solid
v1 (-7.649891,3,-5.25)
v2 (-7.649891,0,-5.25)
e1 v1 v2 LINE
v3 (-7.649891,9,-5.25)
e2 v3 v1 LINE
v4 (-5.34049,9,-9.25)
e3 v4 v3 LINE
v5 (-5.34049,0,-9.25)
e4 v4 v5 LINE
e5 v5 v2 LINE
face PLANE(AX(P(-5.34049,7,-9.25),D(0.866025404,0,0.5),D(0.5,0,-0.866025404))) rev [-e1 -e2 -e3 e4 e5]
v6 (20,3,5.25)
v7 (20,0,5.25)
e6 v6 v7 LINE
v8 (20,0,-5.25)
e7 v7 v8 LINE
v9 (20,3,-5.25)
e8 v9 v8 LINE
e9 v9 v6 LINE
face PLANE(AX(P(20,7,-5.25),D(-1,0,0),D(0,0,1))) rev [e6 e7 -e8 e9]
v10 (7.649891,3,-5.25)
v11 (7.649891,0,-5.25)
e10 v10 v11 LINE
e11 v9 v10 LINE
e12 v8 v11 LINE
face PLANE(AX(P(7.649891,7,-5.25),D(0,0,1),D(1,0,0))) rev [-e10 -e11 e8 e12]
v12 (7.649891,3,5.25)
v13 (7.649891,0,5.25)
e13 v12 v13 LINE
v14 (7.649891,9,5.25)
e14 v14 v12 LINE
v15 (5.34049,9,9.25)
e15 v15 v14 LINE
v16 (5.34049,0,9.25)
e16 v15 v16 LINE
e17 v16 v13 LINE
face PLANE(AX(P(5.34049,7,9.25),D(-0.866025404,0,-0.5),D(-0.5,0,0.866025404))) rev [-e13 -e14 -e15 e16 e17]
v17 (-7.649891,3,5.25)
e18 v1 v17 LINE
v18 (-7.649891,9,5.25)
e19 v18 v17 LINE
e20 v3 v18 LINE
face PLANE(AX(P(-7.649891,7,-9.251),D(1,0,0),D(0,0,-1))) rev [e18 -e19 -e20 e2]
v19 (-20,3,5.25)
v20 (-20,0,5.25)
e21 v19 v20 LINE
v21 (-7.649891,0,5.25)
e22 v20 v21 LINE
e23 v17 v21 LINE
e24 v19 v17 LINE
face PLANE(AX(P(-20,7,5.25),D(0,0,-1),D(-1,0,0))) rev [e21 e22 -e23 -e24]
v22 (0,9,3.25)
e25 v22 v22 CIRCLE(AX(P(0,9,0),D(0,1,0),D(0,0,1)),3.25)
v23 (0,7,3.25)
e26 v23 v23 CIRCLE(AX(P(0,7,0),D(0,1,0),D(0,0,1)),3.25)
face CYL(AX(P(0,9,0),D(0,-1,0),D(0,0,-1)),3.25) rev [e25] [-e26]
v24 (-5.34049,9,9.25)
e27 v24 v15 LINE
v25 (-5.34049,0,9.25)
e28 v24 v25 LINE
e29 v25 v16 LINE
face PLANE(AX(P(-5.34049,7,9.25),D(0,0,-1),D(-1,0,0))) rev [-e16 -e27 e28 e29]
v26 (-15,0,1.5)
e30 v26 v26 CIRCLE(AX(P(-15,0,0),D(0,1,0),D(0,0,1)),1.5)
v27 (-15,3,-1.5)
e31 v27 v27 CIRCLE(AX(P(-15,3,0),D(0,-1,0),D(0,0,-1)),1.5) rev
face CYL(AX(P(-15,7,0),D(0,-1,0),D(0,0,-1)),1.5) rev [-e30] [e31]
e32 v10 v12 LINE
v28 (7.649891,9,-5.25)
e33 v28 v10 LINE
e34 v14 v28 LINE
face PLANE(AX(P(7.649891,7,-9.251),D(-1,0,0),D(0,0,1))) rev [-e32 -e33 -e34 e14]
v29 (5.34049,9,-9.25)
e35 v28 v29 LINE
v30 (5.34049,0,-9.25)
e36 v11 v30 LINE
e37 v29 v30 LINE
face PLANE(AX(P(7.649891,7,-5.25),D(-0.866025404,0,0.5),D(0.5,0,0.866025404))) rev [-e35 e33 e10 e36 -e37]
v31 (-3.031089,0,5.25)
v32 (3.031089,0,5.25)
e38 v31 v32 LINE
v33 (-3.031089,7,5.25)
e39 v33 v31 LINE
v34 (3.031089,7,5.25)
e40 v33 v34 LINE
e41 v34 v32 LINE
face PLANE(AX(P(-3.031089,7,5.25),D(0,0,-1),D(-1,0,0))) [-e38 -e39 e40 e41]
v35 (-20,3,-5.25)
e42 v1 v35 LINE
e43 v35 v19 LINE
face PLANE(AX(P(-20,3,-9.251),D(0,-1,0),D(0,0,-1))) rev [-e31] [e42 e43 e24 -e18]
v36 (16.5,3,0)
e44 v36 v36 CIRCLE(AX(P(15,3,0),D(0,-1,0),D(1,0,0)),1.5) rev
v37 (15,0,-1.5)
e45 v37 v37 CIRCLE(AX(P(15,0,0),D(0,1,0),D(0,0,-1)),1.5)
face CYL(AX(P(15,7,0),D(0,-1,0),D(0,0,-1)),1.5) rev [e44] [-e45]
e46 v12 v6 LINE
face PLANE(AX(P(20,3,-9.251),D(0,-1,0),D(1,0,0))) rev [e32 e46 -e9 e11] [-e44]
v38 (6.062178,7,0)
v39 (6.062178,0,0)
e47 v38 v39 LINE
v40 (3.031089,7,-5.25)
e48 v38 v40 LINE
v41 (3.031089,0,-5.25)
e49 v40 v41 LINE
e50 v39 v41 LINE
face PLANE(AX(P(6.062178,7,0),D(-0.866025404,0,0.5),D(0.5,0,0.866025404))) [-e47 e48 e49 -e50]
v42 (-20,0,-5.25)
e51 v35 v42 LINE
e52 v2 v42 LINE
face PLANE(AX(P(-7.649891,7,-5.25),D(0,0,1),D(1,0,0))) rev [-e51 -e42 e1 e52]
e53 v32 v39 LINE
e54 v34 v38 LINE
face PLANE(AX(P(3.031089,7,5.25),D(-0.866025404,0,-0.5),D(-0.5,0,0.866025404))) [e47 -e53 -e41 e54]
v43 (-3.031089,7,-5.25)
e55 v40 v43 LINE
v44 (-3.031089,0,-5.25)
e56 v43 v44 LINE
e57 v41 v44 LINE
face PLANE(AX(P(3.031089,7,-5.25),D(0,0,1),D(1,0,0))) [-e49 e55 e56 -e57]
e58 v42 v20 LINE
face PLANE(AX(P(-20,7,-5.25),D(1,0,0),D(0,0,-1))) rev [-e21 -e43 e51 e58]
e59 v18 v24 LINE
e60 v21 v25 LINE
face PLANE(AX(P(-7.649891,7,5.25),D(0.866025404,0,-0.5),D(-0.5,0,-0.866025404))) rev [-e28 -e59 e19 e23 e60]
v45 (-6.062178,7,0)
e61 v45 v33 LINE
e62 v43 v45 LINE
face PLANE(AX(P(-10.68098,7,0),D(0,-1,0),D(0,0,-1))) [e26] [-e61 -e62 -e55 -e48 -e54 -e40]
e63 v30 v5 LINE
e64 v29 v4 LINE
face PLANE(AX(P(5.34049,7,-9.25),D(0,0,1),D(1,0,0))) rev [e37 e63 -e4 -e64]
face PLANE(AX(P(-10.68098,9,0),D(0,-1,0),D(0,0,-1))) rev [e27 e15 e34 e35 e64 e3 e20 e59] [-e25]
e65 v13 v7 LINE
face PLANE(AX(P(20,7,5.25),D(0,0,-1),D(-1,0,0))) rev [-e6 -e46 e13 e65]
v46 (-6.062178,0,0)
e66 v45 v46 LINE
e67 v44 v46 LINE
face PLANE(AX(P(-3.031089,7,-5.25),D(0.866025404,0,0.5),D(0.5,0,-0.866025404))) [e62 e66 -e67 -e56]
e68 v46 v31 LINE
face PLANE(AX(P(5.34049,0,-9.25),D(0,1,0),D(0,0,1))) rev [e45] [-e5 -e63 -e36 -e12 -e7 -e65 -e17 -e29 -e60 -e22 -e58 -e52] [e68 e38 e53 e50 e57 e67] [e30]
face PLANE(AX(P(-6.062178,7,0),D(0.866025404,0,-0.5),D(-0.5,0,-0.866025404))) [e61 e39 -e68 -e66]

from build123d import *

# Parameters (mm, degrees)
ESQUISSE1_R             = 1.5
BOSS_EXTRU_1_DEPTH      = 7
ENL_V_MAT_EXTRU_1_REACH = 16.5
ESQUISSE2_W             = 12.350108933
ESQUISSE2_H             = 4
ESQUISSE3_R             = 3.25
BOSS_EXTRU_2_DEPTH      = 2


with BuildPart() as part:
    # Esquisse1 → Boss.-Extru.1 (new body)
    with BuildSketch(Plane(origin=(0, 0, 0), x_dir=(1, 0, 0), z_dir=(0, 1, 0))):
        Polygon((5.34048999, 9.25), (-5.34048999, 9.25), (-7.649891067, 5.25), (-20, 5.25), (-20, -5.25), (-7.649891067, -5.25), (-5.34048999, -9.25), (5.34048999, -9.25), (7.649891067, -5.25), (20, -5.25), (20, 5.25), (7.649891067, 5.25), align=None)
        with Locations((-15, 0)):
            Circle(ESQUISSE1_R, mode=Mode.SUBTRACT)
        with Locations((15, 0)):
            Circle(ESQUISSE1_R, mode=Mode.SUBTRACT)
        Polygon((6.062177826, 0), (3.031088913, 5.25), (-3.031088913, 5.25), (-6.062177826, 0), (-3.031088913, -5.25), (3.031088913, -5.25), align=None, mode=Mode.SUBTRACT)
    extrude(amount=BOSS_EXTRU_1_DEPTH)

    # Esquisse2 → Enlèv. mat.-Extru.1 (cut, up to next)
    with BuildSketch(Plane.XY.offset(5.25), mode=Mode.PRIVATE) as enl_v_mat_extru_1_sk1:
        with Locations((-13.824945533, 5)):
            Rectangle(ESQUISSE2_W, ESQUISSE2_H)
    enl_v_mat_extru_1_tool1 = extrude(enl_v_mat_extru_1_sk1.sketch, amount=-ENL_V_MAT_EXTRU_1_REACH, mode=Mode.PRIVATE) & part.part
    add(enl_v_mat_extru_1_tool1.solids().sort_by_distance((-13.824946, 5, 5.25))[0], mode=Mode.SUBTRACT)
    # Esquisse2 → Enlèv. mat.-Extru.1 (cut, up to next)
    with BuildSketch(Plane.XY.offset(5.25), mode=Mode.PRIVATE) as enl_v_mat_extru_1_sk2:
        with Locations((13.824945533, 5)):
            Rectangle(ESQUISSE2_W, ESQUISSE2_H)
    enl_v_mat_extru_1_tool2 = extrude(enl_v_mat_extru_1_sk2.sketch, amount=-ENL_V_MAT_EXTRU_1_REACH, mode=Mode.PRIVATE) & part.part
    add(enl_v_mat_extru_1_tool2.solids().sort_by_distance((13.824946, 5, 5.25))[0], mode=Mode.SUBTRACT)

    # Esquisse3 → Boss.-Extru.2 (add)
    with BuildSketch(Plane(origin=(0, 7, 0), x_dir=(1, 0, 0), z_dir=(0, 1, 0))):
        Polygon((-7.649891067, -5.25), (-7.649891067, 5.25), (-5.34048999, 9.25), (5.34048999, 9.25), (7.649891067, 5.25), (7.649891067, -5.25), (5.34048999, -9.25), (-5.34048999, -9.25), align=None)
        Circle(ESQUISSE3_R, mode=Mode.SUBTRACT)
    extrude(amount=BOSS_EXTRU_2_DEPTH)


solid = part.part
